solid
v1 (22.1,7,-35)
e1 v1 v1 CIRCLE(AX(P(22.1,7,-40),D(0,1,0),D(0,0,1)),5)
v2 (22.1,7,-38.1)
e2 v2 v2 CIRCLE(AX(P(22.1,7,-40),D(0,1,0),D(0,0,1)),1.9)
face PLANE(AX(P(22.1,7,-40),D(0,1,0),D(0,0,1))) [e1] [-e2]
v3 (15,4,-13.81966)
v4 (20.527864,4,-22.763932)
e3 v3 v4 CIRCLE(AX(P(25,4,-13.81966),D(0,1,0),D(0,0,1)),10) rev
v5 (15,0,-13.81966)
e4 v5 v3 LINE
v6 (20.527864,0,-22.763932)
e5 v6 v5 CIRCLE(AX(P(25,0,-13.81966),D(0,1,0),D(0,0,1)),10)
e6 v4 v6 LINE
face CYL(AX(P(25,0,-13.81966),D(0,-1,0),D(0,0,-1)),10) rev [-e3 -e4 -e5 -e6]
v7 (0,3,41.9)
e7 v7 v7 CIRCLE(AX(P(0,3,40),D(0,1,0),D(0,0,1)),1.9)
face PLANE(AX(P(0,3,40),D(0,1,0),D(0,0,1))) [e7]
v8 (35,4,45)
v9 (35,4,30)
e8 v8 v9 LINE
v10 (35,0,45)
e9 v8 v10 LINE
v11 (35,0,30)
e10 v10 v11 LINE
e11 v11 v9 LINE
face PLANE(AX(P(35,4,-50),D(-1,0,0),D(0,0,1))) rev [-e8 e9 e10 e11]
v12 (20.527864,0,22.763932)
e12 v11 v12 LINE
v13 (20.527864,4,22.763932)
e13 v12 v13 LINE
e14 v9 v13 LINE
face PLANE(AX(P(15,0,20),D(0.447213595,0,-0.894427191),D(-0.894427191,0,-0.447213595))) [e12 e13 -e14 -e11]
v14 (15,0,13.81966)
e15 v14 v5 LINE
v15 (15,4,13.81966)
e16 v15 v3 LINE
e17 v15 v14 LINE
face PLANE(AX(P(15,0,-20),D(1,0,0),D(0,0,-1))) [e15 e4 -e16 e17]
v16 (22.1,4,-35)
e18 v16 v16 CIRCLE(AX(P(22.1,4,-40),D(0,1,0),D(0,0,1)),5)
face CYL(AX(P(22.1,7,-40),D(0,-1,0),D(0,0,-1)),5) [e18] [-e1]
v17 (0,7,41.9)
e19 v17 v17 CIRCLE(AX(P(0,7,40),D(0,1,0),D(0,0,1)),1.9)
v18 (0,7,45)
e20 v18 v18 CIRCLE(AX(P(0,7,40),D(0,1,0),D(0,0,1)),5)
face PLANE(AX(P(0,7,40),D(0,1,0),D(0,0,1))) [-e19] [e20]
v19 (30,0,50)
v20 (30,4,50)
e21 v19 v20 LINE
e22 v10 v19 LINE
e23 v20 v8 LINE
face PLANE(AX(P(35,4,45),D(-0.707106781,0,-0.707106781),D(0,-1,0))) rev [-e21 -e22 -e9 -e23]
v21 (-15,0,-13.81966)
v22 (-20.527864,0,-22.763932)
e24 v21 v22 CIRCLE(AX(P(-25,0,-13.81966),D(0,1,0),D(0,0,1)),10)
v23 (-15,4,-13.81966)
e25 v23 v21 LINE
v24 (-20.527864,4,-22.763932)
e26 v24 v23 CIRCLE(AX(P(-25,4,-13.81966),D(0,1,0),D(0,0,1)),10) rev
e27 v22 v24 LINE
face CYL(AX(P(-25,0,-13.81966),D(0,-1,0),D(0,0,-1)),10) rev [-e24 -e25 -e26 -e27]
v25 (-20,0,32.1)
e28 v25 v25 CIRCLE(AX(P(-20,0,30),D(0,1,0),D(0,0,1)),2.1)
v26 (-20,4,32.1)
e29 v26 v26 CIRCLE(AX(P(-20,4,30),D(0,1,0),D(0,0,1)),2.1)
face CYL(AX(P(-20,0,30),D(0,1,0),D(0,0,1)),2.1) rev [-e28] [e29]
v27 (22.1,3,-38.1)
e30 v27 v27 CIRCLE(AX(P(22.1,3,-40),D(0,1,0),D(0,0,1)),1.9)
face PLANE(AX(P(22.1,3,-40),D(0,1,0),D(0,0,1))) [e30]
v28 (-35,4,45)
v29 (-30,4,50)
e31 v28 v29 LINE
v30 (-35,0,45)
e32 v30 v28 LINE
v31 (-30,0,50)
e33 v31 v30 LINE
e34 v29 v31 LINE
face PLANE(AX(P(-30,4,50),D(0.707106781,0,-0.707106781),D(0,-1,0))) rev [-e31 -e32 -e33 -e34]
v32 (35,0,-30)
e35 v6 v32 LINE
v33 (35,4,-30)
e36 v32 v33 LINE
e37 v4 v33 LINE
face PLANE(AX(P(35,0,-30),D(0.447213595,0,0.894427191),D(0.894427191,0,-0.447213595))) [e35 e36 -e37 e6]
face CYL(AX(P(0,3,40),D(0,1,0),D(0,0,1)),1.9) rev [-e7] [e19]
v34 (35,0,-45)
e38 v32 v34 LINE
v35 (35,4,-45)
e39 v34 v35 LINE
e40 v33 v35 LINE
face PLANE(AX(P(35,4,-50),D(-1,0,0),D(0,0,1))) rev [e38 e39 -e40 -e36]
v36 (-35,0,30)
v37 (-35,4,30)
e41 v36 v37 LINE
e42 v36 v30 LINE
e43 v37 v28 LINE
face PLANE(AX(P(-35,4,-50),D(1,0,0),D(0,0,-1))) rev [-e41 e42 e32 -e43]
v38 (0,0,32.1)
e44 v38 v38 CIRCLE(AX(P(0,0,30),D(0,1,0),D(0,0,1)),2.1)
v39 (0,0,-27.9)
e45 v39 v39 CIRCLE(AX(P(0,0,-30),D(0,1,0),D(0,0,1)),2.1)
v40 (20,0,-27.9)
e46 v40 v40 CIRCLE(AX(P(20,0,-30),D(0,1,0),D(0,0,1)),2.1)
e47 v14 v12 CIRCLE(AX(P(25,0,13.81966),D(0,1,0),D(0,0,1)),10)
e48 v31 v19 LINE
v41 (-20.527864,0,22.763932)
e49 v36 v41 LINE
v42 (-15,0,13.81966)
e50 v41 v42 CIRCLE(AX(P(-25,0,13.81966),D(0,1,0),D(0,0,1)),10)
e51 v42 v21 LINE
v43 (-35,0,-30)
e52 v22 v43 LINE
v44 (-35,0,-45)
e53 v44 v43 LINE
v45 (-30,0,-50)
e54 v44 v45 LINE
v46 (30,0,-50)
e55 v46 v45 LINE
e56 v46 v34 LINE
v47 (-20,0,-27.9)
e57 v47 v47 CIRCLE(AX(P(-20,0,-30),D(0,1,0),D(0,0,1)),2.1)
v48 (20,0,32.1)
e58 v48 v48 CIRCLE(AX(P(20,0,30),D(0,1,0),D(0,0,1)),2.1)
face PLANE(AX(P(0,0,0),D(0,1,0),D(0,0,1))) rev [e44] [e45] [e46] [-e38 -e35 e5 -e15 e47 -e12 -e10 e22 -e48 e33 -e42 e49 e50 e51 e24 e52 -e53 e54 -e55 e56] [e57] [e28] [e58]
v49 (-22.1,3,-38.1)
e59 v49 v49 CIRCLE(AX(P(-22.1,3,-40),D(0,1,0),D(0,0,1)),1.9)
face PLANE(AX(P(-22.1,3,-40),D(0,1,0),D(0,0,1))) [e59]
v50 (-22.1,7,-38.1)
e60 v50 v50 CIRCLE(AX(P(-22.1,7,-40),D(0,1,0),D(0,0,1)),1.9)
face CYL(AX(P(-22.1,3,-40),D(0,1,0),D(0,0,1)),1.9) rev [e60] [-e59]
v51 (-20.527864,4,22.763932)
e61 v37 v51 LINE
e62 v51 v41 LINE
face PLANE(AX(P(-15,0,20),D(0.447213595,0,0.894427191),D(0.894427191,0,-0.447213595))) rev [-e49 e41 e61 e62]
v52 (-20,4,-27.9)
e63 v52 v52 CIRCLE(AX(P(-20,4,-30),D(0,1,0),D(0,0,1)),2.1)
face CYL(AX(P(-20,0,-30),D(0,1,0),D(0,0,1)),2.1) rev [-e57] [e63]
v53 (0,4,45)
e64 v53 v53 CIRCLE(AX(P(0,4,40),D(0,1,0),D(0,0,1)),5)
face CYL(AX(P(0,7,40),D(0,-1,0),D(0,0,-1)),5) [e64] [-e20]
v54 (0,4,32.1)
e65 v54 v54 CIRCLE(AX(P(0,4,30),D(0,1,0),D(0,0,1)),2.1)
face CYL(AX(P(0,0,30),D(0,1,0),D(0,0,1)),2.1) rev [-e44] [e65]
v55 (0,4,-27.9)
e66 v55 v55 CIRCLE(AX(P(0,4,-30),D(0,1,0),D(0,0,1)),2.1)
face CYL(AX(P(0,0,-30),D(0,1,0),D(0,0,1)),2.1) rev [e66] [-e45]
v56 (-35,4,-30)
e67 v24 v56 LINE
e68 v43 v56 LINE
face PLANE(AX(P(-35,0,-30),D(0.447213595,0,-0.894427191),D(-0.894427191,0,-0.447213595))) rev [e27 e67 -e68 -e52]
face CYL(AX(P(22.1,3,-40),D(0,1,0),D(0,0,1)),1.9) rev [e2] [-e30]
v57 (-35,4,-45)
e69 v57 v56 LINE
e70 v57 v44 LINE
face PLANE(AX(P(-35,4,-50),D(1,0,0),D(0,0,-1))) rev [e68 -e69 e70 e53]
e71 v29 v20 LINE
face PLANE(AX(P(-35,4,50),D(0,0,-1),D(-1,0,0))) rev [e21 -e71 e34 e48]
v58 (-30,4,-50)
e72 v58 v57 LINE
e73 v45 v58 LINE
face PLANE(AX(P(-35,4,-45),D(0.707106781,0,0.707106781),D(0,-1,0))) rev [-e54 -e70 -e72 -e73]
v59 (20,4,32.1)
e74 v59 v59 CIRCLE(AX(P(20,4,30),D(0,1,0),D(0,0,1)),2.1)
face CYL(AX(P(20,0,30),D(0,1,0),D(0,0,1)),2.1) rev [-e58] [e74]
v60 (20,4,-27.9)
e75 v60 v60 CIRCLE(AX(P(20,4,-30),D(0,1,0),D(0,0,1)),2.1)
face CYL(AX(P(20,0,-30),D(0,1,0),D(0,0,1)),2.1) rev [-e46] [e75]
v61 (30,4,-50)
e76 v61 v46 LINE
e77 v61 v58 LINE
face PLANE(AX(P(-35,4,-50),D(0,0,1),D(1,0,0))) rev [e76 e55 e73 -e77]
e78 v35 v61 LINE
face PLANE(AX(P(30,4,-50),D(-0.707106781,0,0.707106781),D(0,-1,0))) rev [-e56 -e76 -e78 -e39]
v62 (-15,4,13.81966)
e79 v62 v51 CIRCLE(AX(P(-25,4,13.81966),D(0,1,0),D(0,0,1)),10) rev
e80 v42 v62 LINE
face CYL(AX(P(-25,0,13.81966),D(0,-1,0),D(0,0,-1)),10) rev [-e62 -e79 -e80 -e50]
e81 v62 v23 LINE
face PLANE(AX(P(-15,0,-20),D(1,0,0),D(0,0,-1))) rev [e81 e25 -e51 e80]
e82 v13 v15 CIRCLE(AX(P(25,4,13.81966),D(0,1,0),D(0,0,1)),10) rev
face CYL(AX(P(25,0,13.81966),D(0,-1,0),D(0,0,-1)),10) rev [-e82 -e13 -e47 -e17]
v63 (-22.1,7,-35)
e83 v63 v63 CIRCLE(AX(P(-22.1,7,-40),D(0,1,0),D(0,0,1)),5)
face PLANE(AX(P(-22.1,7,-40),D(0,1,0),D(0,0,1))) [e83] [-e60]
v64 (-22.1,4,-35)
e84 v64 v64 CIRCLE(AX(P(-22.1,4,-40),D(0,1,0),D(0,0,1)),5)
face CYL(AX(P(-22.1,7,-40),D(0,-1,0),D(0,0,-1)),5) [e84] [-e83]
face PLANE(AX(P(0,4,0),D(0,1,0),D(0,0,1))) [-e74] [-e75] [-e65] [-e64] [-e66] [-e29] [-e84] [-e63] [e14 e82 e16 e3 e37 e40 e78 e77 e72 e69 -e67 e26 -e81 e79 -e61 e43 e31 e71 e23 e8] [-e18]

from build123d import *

# Parameters (mm, degrees)
SKETCH_1_W                  = 70
SKETCH_1_H                  = 100
EXTRUDE_1_DEPTH             = 4
SKETCH_2_R                  = 5
EXTRUDE_2_DEPTH             = 3
SKETCH_3_R                  = 1.9
CUT_EXTRUDE_1_DEPTH         = 4
SKETCH_6_R                  = 2.1
CUT_EXTRUDE_4_DEPTH         = 5
PATTERN_LINEAR_1_COUNT      = 3
PATTERN_LINEAR_1_PITCH      = 20
PATTERN_LINEAR_1_COUNT_DIR2 = 4
PATTERN_LINEAR_1_PITCH_DIR2 = 20
CUT_EXTRUDE_START           = -5
CUT_EXTRUDE_5_DEPTH         = 9
CHAMFER_1_SIZE              = 5
FILLET_1_R                  = 10


with BuildPart() as part:
    # 草圖1 → 填料-伸長1 (new body)
    with BuildSketch(Plane(origin=(0, 0, 0), x_dir=(1, 0, 0), z_dir=(0, 1, 0))):
        Rectangle(SKETCH_1_W, SKETCH_1_H)
    extrude(amount=EXTRUDE_1_DEPTH)

    # 草圖2 → 填料-伸長2 (add)
    with BuildSketch(Plane(origin=(0, 4, 0), x_dir=(1, 0, 0), z_dir=(0, 1, 0))):
        with Locations((-22.1, 40)):
            Circle(SKETCH_2_R)
        with Locations((22.1, 40)):
            Circle(SKETCH_2_R)
        with Locations((0, -40)):
            Circle(SKETCH_2_R)
    extrude(amount=EXTRUDE_2_DEPTH)

    # 草圖3 → 除料-伸長1 (cut)
    with BuildSketch(Plane(origin=(0, 7, 0), x_dir=(1, 0, 0), z_dir=(0, 1, 0))):
        with Locations((-22.1, 40)):
            Circle(SKETCH_3_R)
        with Locations((22.1, 40)):
            Circle(SKETCH_3_R)
        with Locations((0, -40)):
            Circle(SKETCH_3_R)
    extrude(amount=-CUT_EXTRUDE_1_DEPTH, mode=Mode.SUBTRACT)

    # 草圖6 → 除料-伸長4 (cut, through all)
    with BuildSketch(Plane(origin=(0, 4, 0), x_dir=(1, 0, 0), z_dir=(0, 1, 0))):
        with Locations((-20, 30)):
            Circle(SKETCH_6_R)
    cut_extrude_4 = extrude(amount=-CUT_EXTRUDE_4_DEPTH, mode=Mode.SUBTRACT)

    # 直線複製排列1: Cut-Extrude 4 3 × 4, 6 skipped
    with Locations(*[(i * PATTERN_LINEAR_1_PITCH, 0, j * PATTERN_LINEAR_1_PITCH_DIR2) for i in range(PATTERN_LINEAR_1_COUNT) for j in range(PATTERN_LINEAR_1_COUNT_DIR2) if (i, j) not in ((0, 0), (0, 1), (0, 2), (1, 1), (1, 2), (2, 1), (2, 2))]):
        add(cut_extrude_4, mode=Mode.SUBTRACT)

    # 草圖7 → 除料-伸長5 (cut)
    with BuildSketch(Plane(origin=(0, 4, 0), x_dir=(1, 0, 0), z_dir=(0, 1, 0)).offset(CUT_EXTRUDE_START)):
        Polygon((-35, 30), (-15, 20), (-15, -20), (-35, -30), align=None)
    cut_extrude_5 = extrude(amount=CUT_EXTRUDE_5_DEPTH, mode=Mode.SUBTRACT)

    # 鏡射1: 除料-伸長5 across plane
    add(cut_extrude_5.mirror(Plane(origin=(0, 0, 0), x_dir=(0, 0, 1), z_dir=(1, 0, 0))), mode=Mode.SUBTRACT)

    # 導角1
    chamfer_1_edges = [part.edges().sort_by_distance(p)[0] for p in [
        (35, 2, 50),
        (-35, 2, 50),
        (-35, 2, -50),
        (35, 2, -50),
    ]]
    chamfer(chamfer_1_edges, length=CHAMFER_1_SIZE)

    # 圓角1
    fillet_1_edges = [part.edges().sort_by_distance(p)[0] for p in [
        (-15, 2, -20),
        (-15, 2, 20),
        (15, 2, 20),
        (15, 2, -20),
    ]]
    fillet(fillet_1_edges, radius=FILLET_1_R)


solid = part.part
